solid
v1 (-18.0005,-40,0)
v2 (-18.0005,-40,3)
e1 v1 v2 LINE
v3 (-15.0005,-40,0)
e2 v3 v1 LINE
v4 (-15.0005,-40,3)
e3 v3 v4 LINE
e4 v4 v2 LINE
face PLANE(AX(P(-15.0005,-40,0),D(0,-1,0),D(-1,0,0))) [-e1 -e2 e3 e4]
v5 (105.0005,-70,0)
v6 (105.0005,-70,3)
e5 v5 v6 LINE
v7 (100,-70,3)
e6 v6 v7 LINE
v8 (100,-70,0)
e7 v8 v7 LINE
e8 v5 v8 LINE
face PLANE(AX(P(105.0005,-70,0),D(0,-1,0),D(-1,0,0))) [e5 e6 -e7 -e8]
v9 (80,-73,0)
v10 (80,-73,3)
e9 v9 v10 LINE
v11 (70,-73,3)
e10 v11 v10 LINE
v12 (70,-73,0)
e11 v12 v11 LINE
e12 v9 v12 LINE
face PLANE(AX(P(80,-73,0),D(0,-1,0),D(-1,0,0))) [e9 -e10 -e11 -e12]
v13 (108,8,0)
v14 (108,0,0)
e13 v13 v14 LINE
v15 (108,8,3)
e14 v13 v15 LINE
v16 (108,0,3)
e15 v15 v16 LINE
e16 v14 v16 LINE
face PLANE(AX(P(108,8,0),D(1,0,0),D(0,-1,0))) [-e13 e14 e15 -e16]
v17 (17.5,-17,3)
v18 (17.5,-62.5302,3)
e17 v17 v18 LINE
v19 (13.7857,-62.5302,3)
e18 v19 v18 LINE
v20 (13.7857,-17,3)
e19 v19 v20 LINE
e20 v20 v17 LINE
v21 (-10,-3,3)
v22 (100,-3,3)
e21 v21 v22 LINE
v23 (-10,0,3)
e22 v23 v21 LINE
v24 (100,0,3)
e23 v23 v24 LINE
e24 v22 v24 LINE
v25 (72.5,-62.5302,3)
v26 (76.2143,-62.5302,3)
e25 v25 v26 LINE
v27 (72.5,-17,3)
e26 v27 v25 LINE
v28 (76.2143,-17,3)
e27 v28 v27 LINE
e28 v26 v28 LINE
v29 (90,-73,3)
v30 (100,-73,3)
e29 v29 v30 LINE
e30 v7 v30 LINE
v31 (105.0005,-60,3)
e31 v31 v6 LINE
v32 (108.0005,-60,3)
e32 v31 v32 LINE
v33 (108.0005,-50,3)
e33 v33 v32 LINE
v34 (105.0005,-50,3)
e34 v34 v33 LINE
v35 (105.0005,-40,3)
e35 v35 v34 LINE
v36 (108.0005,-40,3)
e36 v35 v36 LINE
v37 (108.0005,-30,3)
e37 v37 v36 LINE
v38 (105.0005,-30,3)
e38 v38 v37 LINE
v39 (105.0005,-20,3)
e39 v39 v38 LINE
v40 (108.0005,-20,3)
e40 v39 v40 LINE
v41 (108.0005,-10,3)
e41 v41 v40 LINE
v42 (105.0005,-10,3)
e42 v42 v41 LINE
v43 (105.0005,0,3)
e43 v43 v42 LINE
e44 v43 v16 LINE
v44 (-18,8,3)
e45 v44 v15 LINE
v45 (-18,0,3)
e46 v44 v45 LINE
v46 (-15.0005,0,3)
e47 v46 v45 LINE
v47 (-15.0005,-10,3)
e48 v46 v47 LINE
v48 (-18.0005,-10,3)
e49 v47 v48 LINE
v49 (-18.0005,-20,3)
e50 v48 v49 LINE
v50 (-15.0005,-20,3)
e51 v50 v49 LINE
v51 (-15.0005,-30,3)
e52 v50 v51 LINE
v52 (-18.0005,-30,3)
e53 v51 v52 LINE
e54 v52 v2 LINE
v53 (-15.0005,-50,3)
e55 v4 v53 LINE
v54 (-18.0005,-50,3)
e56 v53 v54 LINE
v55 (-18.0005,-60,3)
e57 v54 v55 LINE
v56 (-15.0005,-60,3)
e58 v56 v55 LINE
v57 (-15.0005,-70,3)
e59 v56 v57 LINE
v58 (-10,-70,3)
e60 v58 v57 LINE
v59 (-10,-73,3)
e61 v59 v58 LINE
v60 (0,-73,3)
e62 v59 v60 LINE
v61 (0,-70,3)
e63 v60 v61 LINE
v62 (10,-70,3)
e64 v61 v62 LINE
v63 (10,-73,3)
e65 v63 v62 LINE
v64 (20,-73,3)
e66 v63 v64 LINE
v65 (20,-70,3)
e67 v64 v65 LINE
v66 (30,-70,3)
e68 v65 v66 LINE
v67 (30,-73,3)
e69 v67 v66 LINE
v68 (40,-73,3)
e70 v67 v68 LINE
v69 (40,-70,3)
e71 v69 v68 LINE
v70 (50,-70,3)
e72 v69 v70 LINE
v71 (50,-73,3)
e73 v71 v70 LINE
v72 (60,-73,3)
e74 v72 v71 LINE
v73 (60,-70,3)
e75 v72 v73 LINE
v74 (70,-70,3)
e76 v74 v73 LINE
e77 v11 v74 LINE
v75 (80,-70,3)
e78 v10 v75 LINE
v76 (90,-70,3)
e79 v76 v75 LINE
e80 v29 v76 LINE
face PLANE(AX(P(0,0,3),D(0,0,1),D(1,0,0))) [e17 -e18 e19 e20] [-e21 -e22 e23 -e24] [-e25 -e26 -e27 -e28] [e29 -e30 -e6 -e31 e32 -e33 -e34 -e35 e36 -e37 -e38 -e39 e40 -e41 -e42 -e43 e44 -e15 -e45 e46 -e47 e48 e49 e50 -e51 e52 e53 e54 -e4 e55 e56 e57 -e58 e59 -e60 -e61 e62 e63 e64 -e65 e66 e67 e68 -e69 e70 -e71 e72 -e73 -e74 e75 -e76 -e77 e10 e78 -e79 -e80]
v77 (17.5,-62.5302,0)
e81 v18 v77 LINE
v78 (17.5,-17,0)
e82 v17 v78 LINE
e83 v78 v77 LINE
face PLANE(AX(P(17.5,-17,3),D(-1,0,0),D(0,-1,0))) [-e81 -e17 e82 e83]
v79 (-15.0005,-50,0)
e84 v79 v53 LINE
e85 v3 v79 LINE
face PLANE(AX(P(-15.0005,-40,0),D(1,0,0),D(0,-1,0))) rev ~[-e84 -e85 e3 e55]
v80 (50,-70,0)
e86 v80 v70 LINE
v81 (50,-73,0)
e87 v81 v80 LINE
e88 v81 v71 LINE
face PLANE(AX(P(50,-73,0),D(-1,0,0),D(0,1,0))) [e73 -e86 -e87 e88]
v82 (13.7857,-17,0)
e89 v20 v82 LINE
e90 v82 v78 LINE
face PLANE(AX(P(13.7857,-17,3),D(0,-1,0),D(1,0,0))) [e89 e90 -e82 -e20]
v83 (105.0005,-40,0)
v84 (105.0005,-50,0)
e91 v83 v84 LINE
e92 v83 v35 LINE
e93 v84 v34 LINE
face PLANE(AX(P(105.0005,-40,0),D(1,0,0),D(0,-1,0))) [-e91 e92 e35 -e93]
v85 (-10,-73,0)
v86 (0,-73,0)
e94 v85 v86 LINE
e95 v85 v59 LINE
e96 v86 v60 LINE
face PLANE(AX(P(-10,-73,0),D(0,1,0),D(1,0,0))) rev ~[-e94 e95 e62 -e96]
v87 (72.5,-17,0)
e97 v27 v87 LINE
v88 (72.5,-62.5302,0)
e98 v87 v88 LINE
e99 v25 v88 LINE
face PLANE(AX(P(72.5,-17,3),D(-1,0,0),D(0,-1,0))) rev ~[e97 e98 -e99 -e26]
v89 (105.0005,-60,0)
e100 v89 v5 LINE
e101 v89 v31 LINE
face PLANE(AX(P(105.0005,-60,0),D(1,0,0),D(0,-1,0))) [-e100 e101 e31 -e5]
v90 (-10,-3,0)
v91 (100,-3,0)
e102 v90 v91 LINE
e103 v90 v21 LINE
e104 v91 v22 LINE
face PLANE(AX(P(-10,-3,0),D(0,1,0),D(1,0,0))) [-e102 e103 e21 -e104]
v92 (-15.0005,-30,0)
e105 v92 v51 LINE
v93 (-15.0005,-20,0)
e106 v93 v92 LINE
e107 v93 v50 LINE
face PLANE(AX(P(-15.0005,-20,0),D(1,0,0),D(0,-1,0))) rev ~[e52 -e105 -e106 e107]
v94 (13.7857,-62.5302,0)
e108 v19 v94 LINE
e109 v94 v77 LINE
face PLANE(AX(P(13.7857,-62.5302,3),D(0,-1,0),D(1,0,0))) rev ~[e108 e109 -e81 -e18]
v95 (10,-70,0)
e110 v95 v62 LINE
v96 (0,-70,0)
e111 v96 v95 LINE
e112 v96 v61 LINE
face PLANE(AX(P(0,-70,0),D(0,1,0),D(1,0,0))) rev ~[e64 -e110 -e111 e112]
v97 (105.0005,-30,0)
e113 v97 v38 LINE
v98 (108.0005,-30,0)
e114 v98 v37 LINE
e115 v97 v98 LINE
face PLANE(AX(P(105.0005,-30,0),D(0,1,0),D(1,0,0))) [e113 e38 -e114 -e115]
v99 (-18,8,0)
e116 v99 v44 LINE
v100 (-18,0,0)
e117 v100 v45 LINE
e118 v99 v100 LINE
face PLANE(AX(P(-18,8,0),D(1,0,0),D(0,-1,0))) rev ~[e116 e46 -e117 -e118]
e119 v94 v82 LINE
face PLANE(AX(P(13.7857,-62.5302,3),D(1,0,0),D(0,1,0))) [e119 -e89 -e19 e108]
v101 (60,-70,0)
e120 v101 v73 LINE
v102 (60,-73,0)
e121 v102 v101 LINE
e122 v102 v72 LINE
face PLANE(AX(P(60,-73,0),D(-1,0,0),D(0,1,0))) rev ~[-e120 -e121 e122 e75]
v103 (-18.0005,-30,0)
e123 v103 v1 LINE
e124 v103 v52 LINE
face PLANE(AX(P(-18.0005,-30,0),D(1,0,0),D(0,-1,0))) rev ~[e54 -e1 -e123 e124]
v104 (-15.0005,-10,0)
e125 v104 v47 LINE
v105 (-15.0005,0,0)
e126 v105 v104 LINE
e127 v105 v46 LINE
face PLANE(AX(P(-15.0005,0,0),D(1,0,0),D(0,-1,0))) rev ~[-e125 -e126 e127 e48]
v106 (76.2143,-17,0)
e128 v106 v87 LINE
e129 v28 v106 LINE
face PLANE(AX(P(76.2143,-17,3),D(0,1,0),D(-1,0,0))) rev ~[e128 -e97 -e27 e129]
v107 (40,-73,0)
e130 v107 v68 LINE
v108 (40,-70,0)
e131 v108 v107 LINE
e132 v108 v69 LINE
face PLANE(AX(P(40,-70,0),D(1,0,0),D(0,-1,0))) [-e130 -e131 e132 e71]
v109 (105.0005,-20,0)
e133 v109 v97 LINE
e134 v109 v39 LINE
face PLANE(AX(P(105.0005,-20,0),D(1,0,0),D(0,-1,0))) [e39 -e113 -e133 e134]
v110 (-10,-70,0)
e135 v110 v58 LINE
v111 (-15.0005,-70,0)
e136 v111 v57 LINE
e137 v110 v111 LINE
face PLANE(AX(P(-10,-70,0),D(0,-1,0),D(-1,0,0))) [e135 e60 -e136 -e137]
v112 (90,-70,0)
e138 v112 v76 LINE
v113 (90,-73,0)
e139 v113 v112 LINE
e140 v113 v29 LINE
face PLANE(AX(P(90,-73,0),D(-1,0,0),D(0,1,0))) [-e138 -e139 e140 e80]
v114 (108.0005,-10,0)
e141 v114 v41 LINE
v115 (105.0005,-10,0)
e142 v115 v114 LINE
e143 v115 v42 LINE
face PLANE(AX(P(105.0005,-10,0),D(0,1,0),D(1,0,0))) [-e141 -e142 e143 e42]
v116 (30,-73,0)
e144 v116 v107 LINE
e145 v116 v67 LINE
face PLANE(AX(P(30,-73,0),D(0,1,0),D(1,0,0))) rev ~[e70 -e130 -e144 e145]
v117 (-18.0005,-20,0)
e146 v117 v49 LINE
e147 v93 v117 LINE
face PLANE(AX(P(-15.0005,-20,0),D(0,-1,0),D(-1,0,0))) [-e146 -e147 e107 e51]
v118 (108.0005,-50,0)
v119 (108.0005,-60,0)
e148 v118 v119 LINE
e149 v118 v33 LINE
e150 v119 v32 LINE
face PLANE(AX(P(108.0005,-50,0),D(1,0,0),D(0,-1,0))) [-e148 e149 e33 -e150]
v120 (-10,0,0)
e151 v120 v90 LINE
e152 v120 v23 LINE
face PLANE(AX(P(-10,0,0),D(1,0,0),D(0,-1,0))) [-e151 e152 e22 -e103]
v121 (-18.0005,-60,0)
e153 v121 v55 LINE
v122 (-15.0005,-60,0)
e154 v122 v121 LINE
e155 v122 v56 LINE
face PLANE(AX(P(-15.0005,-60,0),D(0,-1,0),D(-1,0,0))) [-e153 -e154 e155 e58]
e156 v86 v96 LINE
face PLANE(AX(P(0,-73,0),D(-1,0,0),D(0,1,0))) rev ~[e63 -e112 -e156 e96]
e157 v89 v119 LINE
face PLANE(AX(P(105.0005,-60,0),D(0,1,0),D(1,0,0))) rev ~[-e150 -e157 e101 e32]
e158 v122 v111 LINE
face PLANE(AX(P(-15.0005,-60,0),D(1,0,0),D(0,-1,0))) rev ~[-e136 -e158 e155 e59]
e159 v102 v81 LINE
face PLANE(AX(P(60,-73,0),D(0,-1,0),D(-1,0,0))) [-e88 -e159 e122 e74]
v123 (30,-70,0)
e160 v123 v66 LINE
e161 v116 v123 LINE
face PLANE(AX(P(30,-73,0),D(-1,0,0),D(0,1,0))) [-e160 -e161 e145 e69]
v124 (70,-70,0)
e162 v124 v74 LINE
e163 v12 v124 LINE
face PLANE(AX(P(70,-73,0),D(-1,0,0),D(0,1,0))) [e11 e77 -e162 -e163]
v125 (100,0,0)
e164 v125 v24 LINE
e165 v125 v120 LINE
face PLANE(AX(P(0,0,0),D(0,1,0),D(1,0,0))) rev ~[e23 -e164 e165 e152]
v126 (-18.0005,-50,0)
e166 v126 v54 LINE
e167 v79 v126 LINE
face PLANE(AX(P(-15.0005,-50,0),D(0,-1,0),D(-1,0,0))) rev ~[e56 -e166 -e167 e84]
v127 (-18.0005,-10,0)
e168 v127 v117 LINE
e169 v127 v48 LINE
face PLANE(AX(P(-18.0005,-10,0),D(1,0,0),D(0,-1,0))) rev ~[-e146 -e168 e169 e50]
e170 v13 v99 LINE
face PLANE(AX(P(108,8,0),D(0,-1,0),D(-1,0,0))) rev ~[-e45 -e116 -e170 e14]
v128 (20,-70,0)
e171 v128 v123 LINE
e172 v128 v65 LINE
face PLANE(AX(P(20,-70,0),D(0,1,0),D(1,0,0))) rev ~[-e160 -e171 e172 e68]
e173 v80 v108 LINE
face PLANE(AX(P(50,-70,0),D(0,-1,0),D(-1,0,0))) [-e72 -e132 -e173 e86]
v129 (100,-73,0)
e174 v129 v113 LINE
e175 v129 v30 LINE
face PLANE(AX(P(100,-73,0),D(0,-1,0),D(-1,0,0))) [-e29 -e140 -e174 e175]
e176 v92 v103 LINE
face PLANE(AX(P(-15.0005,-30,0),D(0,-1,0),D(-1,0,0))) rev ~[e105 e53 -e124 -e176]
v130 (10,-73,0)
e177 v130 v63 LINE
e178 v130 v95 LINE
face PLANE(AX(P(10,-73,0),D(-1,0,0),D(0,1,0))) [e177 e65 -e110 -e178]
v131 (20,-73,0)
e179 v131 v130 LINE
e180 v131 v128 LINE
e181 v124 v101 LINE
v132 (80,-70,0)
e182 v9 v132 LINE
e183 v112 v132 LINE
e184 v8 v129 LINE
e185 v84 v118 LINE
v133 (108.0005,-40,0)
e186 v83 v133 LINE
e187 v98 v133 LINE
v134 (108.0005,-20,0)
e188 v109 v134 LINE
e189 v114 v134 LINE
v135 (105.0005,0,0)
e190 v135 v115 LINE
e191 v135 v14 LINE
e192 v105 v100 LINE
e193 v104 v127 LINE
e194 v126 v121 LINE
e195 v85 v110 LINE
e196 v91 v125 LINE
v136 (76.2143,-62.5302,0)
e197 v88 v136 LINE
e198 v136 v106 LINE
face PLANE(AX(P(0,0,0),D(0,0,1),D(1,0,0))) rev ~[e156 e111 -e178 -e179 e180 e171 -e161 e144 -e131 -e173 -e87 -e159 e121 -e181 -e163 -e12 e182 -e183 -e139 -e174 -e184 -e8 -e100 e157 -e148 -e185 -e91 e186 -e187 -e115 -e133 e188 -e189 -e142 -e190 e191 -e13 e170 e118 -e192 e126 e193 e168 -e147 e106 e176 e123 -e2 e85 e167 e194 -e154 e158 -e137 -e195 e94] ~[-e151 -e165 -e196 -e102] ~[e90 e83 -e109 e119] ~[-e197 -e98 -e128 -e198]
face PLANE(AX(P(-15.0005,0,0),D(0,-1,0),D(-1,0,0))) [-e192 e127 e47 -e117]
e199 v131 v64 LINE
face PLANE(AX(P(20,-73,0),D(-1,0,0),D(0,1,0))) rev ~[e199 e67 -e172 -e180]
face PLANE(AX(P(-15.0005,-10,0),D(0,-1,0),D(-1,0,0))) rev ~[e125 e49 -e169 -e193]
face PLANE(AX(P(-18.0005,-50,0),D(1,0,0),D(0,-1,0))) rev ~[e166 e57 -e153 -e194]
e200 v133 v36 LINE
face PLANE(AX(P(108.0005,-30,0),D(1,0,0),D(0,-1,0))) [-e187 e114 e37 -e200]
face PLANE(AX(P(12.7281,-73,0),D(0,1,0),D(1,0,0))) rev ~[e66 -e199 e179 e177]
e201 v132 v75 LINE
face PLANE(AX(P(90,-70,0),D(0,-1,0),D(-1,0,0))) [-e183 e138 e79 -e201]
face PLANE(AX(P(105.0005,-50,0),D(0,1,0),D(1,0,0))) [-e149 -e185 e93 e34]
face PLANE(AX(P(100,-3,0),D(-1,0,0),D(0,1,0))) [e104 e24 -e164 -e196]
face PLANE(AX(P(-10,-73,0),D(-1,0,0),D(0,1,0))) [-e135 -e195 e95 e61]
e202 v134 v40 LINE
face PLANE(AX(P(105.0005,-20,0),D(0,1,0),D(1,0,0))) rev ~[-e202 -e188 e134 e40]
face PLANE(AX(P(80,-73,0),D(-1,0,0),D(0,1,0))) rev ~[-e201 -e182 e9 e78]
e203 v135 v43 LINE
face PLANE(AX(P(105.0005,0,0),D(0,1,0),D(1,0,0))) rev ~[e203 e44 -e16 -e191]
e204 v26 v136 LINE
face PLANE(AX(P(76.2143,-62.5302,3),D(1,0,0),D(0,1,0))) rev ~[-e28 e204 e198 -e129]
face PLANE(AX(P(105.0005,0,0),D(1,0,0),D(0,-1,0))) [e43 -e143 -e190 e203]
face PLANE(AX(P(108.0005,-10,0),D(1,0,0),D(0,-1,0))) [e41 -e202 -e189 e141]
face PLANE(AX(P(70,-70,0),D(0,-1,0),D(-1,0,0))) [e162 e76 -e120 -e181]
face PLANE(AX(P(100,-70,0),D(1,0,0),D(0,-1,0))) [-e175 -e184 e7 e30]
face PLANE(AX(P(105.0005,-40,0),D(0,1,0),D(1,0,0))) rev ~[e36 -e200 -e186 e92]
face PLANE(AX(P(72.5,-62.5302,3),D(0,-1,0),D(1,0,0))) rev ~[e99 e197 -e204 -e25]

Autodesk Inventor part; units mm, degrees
ref_plane "YZ Plane" through (0, 0, 0) normal (1, 0, 0) x (0, 1, 0)
ref_plane "XZ Plane" through (0, 0, 0) normal (0, 1, 0) x (-1, 0, 0)
ref_plane "XY Plane" through (0, 0, 0) normal (0, 0, 1) x (1, 0, 0)
ref_plane "Work Plane2" through (0, 0, 0) normal (0, 0, 1) x (1, 0, 0)
sketch "Sketch2" plane through (0, 0, 0) normal (0, 0, 1) x (1, 0, 0)
  line L0 (-13, 0) -> (-13, 3) projected
  line L1 (-13, 3) -> (-10, 3) projected
  line L2 (103, 0) -> (103, 3) projected
  line L3 (100, 3) -> (103, 3) projected
  line L4 (103, 8) -> (-13, 8)
  line L5 (-10, 0) -> (-10, 3) projected
  line L6 (-10, 3) -> (0, 3) projected
  line L7 (100, 0) -> (100, 3) projected
  line L8 (90, 3) -> (100, 3) projected
  line L9 (0, 0) -> (0, 3) projected
  line L10 (90, 0) -> (90, 3) projected
  line L11 (90, 3) -> (90, 0)
  line L12 (0, 3) -> (0, 0)
  line L13 (45, 0) -> (45, -20) construction
  line L14 (-15.0005, 0) -> (-15.0005, -10)
  line L15 (-15.0005, -10) -> (-18.0005, -10)
  line L16 (-15.0005, -20) -> (-18.0005, -20)
  line L17 (-15.0005, -20) -> (-15.0005, -30)
  line L18 (-15.0005, -30) -> (-18.0005, -30)
  line L19 (-15.0005, -40) -> (-18.0005, -40)
  line L20 (-15.0005, -50) -> (-18.0005, -50)
  line L21 (-15.0005, -60) -> (-18.0005, -60)
  line L22 (-18.0005, -10) -> (-18.0005, -20)
  line L23 (-18.0005, -30) -> (-18.0005, -40)
  line L24 (-18.0005, -50) -> (-18.0005, -60)
  line L25 (-15.0005, -40) -> (-15.0005, -50)
  line L26 (90, -73) -> (90, -70)
  line L27 (80, -73) -> (70, -73)
  line L28 (60, -73) -> (50, -73)
  line L29 (45, -70) -> (45, -47.72) construction
  line L30 (80, -73) -> (80, -70)
  line L31 (70, -73) -> (70, -70)
  line L32 (60, -73) -> (60, -70)
  line L33 (90, -70) -> (80, -70)
  line L34 (80, -73) -> (70, -73)
  line L35 (70, -70) -> (60, -70)
  line L36 (-10, -73) -> (0, -73)
  line L37 (0, -73) -> (0, -70)
  line L38 (10, -73) -> (20, -73)
  line L39 (10, -73) -> (10, -70)
  line L40 (20, -73) -> (20, -70)
  line L41 (30, -73) -> (30, -70)
  line L42 (0, -70) -> (10, -70)
  line L43 (20, -70) -> (30, -70)
  line L44 (60, -73) -> (50, -73)
  line L45 (50, -73) -> (50, -70)
  line L46 (50, -70) -> (45, -70)
  line L47 (45, -70) -> (40, -70)
  line L48 (40, -70) -> (40, -73)
  line L49 (30, -73) -> (40, -73)
  line L50 (50, -73) -> (77.2719, -73)
  line L51 (60, -73) -> (50, -73)
  line L52 (45, -70) -> (40, -70)
  line L53 (40, -73) -> (30, -73)
  line L54 (30, -70) -> (20, -70)
  line L55 (10, -70) -> (0, -70)
  line L56 (20, -73) -> (10, -73)
  line L57 (0, -73) -> (12.7281, -73)
  line L58 (-18, 8) -> (-13, 8)
  line L59 (-15.0005, 0) -> (-18, 0)
  line L60 (-15.0005, -60) -> (-15.0005, -70)
  line L61 (-18, -50) -> (-18, -60)
  line L62 (-18, -30) -> (-18, -40)
  line L63 (-18, 8) -> (-18, 0)
  line L64 (-18, -10) -> (-18, -20)
  line L65 (105.0005, 0) -> (105.0005, -10)
  line L66 (108.0005, -10) -> (108.0005, -20)
  line L67 (105.0005, -10) -> (108.0005, -10)
  line L68 (105.0005, -20) -> (108.0005, -20)
  line L69 (105.0005, -20) -> (105.0005, -30)
  line L70 (105.0005, -30) -> (108.0005, -30)
  line L71 (108.0005, -30) -> (108.0005, -40)
  line L72 (105.0005, -40) -> (108.0005, -40)
  line L73 (105.0005, -40) -> (105.0005, -50)
  line L74 (105.0005, -50) -> (108.0005, -50)
  line L75 (108.0005, -50) -> (108.0005, -60)
  line L76 (105.0005, -60) -> (108.0005, -60)
  line L77 (108, 8) -> (103, 8)
  line L78 (105.0005, 0) -> (108, 0)
  line L79 (105.0005, -60) -> (105.0005, -70)
  line L80 (108, -50) -> (108, -60)
  line L81 (108, -30) -> (108, -40)
  line L82 (108, 8) -> (108, 0)
  line L83 (108, -10) -> (108, -20)
  line L84 (100, -73) -> (90, -73)
  line L85 (0, -73) -> (-10, -73)
  line L86 (-10, -73) -> (-10, -70)
  line L87 (-10, -70) -> (-15.0005, -70)
  line L88 (-13, -73) -> (-10, -73)
  line L89 (100, -73) -> (98, -73)
  line L90 (90, -70) -> (100, -70)
  line L91 (100, -70) -> (100, -73)
  line L92 (105.0005, -70) -> (100, -70)
  line L93 (-10, 0) -> (100, 0)
  line L94 (-10, 0) -> (-10, -3)
  line L95 (-10, -3) -> (100, -3)
  line L96 (100, -3) -> (100, 0)
  dimension "d39" = 10
  dimension "d42" = 10
  dimension "d45" = 3
extrude "Extrusion1" add sketch "Sketch2" along normal blind 3 contours L77 L82 L78 L65 L67 L66 L68 L69 L70 L71 L72 L73 L74 L75 L76 L79 L92 L90 L33 L30 L27 L31 L35 L32 L28 L45 L46 L47 L48 L49 L41 L43 L40 L38 L39 L42 L37 L36 L86 L87 L60 L21 L24 L20 L25 L19 L23 L18 L17 L16 L22 L15 L14 L59 L63 L58 L4 | L91 L84 L26 L90 | L5 L6 L9 L93 | L10 L8 L7 L93
sketch "Sketch3" plane through (0, 0, 3) normal (0, 0, 1) x (1, 0, 0)
  line L0 (105.0005, -70) -> (105.0005, -60) projected
  line L1 (-15.0005, -60) -> (-15.0005, -70) projected
  line L2 (-15.0005, -62.5302) -> (105.0005, -62.5302)
  line L3 (45, -62.5302) -> (72.5, -62.5302)
  line L4 (72.5, -67) -> (76.2143, -67)
  line L5 (76.2143, -67) -> (76.2143, -17)
  line L6 (76.2143, -17) -> (72.5, -17)
  line L7 (72.5, -17) -> (72.5, -67)
  line L8 (60, -70) -> (70, -70) projected
  line L9 (45, -62.5302) -> (45, -53.8284)
  line L10 (17.5, -67) -> (13.7857, -67)
  line L11 (13.7857, -67) -> (13.7857, -17)
  line L12 (13.7857, -17) -> (17.5, -17)
  line L13 (17.5, -17) -> (17.5, -67)
  point P0 (0, 0)
  point P1 (76.2143, -62.5302)
  point P2 (13.7857, -62.5302)
  point P3 (17.5, -62.5302)
  dimension "d47" = 27.5
  dimension "d48" = 50
  dimension "d49" = 3
extrude "Extrusion2" cut sketch "Sketch3" against normal through all contours L7 L6 L5 L2 | L2 L11 L12 L13
properties part number "side"
